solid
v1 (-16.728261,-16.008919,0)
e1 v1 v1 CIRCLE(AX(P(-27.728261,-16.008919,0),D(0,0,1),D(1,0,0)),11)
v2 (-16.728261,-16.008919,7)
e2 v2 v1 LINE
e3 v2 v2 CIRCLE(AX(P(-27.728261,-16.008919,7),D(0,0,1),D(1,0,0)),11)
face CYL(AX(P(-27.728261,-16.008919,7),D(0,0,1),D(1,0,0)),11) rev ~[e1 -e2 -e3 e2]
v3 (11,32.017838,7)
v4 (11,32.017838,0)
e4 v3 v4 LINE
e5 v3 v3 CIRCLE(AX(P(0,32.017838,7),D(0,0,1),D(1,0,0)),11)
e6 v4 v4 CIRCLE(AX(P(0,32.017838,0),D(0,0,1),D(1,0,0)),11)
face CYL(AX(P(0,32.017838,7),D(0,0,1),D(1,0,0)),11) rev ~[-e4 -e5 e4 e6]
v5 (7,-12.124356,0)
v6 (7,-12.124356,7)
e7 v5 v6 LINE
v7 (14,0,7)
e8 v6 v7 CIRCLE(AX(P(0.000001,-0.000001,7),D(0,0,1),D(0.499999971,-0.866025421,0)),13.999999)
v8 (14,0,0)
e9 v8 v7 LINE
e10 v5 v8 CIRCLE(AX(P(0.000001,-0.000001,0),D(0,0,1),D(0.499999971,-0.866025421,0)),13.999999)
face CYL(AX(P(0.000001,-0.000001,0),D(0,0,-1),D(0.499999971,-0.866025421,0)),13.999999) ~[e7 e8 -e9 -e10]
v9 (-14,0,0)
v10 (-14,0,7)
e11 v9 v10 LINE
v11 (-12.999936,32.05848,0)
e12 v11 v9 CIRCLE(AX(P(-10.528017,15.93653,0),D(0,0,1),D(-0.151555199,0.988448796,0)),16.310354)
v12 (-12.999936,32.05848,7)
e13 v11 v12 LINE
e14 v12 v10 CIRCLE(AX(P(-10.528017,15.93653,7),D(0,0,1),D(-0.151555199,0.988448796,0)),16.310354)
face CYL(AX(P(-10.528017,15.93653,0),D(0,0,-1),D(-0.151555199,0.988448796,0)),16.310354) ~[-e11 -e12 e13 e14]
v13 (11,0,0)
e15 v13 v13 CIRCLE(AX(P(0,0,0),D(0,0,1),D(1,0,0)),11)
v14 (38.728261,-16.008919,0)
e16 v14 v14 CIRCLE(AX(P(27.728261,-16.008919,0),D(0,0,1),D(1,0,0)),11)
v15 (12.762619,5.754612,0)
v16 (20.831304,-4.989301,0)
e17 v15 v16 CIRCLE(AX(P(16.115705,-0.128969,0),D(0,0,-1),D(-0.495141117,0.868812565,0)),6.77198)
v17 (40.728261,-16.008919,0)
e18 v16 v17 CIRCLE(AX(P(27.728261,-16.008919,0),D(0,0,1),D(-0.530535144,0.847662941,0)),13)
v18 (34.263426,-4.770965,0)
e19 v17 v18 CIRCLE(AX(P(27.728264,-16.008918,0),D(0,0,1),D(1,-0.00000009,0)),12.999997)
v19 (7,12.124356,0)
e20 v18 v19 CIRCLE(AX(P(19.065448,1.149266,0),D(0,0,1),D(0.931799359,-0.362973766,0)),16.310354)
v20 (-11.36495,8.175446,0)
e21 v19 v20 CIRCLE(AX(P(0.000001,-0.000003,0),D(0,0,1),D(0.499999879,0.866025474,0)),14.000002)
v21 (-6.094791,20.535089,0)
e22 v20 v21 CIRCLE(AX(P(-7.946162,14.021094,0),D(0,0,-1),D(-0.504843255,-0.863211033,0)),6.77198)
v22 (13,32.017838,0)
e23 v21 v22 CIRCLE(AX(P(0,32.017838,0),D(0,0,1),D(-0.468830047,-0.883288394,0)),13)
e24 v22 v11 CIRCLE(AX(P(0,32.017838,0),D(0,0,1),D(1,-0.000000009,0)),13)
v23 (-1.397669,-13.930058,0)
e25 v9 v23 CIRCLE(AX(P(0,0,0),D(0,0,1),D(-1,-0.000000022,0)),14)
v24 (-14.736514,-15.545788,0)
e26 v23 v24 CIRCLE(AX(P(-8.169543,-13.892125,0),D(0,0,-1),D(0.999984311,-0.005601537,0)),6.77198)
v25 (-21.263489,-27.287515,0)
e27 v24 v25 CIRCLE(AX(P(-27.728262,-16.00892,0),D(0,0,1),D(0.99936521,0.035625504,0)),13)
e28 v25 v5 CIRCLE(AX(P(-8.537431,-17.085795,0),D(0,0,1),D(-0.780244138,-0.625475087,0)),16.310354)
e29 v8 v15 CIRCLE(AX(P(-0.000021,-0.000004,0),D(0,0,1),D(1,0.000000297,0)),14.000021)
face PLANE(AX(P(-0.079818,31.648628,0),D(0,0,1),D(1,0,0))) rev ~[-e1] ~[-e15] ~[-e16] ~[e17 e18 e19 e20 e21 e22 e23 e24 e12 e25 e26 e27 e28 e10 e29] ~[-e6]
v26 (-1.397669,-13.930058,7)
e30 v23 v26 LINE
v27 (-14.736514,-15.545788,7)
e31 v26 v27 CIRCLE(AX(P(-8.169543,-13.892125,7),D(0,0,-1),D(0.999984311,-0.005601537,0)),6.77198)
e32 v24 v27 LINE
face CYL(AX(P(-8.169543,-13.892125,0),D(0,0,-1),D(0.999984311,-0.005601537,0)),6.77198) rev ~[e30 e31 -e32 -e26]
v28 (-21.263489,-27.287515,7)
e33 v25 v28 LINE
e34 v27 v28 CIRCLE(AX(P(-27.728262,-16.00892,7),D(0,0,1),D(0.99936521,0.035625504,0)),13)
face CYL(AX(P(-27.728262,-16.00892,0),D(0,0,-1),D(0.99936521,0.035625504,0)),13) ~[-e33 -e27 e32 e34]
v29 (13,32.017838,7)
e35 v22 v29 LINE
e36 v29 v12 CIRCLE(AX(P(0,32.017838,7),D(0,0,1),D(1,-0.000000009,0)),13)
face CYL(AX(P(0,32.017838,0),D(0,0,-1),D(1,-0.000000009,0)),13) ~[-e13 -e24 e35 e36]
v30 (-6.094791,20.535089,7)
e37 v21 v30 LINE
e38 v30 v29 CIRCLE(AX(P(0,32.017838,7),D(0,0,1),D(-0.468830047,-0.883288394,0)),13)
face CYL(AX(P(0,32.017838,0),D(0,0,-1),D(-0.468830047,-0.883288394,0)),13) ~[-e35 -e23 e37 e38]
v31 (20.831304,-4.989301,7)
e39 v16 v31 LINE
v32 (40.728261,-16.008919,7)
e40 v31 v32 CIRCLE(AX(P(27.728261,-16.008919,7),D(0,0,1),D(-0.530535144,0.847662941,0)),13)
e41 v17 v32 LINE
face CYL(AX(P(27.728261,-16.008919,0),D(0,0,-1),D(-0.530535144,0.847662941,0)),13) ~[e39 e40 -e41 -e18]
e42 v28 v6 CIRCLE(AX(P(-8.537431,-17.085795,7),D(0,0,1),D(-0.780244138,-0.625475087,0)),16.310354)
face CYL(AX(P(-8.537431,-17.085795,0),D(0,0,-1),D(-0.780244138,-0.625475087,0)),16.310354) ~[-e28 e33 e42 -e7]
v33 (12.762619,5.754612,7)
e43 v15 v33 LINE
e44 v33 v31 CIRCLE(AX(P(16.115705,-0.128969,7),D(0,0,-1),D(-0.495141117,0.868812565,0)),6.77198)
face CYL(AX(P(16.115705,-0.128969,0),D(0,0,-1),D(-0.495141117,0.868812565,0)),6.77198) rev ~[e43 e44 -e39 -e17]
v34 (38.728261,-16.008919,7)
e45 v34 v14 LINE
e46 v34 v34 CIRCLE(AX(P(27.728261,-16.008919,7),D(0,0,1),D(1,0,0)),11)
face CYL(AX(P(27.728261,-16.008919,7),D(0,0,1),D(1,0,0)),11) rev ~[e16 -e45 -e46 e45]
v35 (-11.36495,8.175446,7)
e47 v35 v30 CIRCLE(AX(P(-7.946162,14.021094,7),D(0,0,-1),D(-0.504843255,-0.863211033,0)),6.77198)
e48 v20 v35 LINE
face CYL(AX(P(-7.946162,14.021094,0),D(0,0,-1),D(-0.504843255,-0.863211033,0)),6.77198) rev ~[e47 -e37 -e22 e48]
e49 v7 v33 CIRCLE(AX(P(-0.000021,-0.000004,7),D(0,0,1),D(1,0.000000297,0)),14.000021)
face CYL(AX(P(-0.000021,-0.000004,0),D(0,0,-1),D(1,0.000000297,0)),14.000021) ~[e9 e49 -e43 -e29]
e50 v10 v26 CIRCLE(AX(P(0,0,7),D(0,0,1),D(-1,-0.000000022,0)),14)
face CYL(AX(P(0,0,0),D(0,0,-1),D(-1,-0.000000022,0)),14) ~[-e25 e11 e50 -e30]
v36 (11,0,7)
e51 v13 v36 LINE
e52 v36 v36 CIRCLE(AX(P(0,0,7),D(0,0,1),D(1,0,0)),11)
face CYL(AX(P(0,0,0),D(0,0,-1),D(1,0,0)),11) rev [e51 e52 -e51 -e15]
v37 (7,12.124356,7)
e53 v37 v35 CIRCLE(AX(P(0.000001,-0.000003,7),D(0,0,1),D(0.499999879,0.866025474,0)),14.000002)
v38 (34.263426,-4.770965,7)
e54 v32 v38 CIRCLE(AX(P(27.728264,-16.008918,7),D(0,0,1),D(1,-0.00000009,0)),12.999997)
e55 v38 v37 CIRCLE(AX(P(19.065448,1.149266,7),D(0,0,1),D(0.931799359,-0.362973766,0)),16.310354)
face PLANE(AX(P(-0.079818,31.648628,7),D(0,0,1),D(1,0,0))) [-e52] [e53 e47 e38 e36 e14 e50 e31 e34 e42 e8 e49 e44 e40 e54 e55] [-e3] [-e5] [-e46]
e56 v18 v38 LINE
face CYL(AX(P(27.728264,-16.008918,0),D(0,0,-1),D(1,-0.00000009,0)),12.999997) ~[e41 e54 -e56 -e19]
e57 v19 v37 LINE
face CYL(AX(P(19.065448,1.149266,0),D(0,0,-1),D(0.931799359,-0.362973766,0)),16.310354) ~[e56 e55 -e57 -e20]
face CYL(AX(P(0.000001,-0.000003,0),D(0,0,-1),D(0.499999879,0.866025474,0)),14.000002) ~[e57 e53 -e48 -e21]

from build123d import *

# Parameters (mm, degrees)
F0_R     = 11
F1_DEPTH = 7
F2_R     = 11
F3_DEPTH = 25


with BuildPart() as f1:
    # F0 (on Top) → F1 (new body)
    with BuildSketch(Plane.XY):
        with BuildLine():
            ThreePointArc((-12.999936, 32.05848), (-11.151201, 25.335719), (-6.094791, 20.535089))
            ThreePointArc((-6.094791, 20.535089), (6.699542, 20.877096), (13, 32.017838))
            ThreePointArc((13, 32.017838), (0.020321, 45.017822), (-12.999936, 32.05848))
        make_face()
        with BuildLine():
            ThreePointArc((-14, 0), (-13.324963, 4.294805), (-11.36495, 8.175446))
            ThreePointArc((-11.36495, 8.175446), (-14.175479, 16.677278), (-6.094791, 20.535089))
            ThreePointArc((-6.094791, 20.535089), (-11.151201, 25.335719), (-12.999936, 32.05848))
            ThreePointArc((-12.999936, 32.05848), (-26.830441, 16.445084), (-14, 0))
        make_face()
        with BuildLine():
            ThreePointArc((7, 12.124356), (10.381892, 9.392354), (12.762619, 5.754612))
            ThreePointArc((12.762619, 5.754612), (21.530686, 3.937686), (20.831304, -4.989301))
            ThreePointArc((20.831304, -4.989301), (27.516977, -3.010636), (34.263426, -4.770965))
            ThreePointArc((34.263426, -4.770965), (27.657081, 15.013302), (7, 12.124356))
        make_face()
        with BuildLine():
            ThreePointArc((34.263426, -4.770965), (27.516977, -3.010636), (20.831304, -4.989301))
            ThreePointArc((20.831304, -4.989301), (21.429866, -27.381264), (40.728261, -16.008919))
            ThreePointArc((40.728261, -16.008919), (38.996738, -9.526525), (34.263426, -4.770965))
        make_face()
        with BuildLine():
            ThreePointArc((-14.736514, -15.545788), (-39.090747, -9.692755), (-21.263489, -27.287515))
            ThreePointArc((-21.263489, -27.287515), (-16.480105, -22.526509), (-14.728261, -16.008919))
            ThreePointArc((-14.728261, -16.008919), (-14.730324, -15.777317), (-14.736514, -15.545788))
        make_face()
        with BuildLine():
            ThreePointArc((-21.263489, -27.287515), (-0.82664, -31.458385), (7, -12.124356))
            ThreePointArc((7, -12.124356), (2.943071, -13.687159), (-1.397669, -13.930058))
            ThreePointArc((-1.397669, -13.930058), (-7.355207, -20.614964), (-14.736514, -15.545788))
            ThreePointArc((-14.736514, -15.545788), (-14.730324, -15.777317), (-14.728261, -16.008919))
            ThreePointArc((-14.728261, -16.008919), (-16.480105, -22.526509), (-21.263489, -27.287515))
        make_face()
        with BuildLine():
            ThreePointArc((7, -12.124356), (12.124356, -7), (14, 0))
            ThreePointArc((14, 0), (13.687159, 2.943071), (12.762619, 5.754612))
            ThreePointArc((12.762619, 5.754612), (10.381892, 9.392354), (7, 12.124356))
            ThreePointArc((7, 12.124356), (-2.943071, 13.687159), (-11.36495, 8.175446))
            ThreePointArc((-11.36495, 8.175446), (-13.324963, 4.294805), (-14, 0))
            ThreePointArc((-14, 0), (-10.381892, -9.392354), (-1.397669, -13.930058))
            ThreePointArc((-1.397669, -13.930058), (2.943071, -13.687159), (7, -12.124356))
        make_face()
        Circle(F0_R, mode=Mode.SUBTRACT)
    extrude(amount=F1_DEPTH)

    # F2 (on face) → F3 (cut)
    with BuildSketch(Plane.XY.offset(7)):
        with Locations((0, 32.017838)):
            Circle(F2_R)
        with Locations((27.728261, -16.008919)):
            Circle(F2_R)
        with Locations((-27.728261, -16.008919)):
            Circle(F2_R)
    extrude(amount=-F3_DEPTH, mode=Mode.SUBTRACT)


solid = f1.part
